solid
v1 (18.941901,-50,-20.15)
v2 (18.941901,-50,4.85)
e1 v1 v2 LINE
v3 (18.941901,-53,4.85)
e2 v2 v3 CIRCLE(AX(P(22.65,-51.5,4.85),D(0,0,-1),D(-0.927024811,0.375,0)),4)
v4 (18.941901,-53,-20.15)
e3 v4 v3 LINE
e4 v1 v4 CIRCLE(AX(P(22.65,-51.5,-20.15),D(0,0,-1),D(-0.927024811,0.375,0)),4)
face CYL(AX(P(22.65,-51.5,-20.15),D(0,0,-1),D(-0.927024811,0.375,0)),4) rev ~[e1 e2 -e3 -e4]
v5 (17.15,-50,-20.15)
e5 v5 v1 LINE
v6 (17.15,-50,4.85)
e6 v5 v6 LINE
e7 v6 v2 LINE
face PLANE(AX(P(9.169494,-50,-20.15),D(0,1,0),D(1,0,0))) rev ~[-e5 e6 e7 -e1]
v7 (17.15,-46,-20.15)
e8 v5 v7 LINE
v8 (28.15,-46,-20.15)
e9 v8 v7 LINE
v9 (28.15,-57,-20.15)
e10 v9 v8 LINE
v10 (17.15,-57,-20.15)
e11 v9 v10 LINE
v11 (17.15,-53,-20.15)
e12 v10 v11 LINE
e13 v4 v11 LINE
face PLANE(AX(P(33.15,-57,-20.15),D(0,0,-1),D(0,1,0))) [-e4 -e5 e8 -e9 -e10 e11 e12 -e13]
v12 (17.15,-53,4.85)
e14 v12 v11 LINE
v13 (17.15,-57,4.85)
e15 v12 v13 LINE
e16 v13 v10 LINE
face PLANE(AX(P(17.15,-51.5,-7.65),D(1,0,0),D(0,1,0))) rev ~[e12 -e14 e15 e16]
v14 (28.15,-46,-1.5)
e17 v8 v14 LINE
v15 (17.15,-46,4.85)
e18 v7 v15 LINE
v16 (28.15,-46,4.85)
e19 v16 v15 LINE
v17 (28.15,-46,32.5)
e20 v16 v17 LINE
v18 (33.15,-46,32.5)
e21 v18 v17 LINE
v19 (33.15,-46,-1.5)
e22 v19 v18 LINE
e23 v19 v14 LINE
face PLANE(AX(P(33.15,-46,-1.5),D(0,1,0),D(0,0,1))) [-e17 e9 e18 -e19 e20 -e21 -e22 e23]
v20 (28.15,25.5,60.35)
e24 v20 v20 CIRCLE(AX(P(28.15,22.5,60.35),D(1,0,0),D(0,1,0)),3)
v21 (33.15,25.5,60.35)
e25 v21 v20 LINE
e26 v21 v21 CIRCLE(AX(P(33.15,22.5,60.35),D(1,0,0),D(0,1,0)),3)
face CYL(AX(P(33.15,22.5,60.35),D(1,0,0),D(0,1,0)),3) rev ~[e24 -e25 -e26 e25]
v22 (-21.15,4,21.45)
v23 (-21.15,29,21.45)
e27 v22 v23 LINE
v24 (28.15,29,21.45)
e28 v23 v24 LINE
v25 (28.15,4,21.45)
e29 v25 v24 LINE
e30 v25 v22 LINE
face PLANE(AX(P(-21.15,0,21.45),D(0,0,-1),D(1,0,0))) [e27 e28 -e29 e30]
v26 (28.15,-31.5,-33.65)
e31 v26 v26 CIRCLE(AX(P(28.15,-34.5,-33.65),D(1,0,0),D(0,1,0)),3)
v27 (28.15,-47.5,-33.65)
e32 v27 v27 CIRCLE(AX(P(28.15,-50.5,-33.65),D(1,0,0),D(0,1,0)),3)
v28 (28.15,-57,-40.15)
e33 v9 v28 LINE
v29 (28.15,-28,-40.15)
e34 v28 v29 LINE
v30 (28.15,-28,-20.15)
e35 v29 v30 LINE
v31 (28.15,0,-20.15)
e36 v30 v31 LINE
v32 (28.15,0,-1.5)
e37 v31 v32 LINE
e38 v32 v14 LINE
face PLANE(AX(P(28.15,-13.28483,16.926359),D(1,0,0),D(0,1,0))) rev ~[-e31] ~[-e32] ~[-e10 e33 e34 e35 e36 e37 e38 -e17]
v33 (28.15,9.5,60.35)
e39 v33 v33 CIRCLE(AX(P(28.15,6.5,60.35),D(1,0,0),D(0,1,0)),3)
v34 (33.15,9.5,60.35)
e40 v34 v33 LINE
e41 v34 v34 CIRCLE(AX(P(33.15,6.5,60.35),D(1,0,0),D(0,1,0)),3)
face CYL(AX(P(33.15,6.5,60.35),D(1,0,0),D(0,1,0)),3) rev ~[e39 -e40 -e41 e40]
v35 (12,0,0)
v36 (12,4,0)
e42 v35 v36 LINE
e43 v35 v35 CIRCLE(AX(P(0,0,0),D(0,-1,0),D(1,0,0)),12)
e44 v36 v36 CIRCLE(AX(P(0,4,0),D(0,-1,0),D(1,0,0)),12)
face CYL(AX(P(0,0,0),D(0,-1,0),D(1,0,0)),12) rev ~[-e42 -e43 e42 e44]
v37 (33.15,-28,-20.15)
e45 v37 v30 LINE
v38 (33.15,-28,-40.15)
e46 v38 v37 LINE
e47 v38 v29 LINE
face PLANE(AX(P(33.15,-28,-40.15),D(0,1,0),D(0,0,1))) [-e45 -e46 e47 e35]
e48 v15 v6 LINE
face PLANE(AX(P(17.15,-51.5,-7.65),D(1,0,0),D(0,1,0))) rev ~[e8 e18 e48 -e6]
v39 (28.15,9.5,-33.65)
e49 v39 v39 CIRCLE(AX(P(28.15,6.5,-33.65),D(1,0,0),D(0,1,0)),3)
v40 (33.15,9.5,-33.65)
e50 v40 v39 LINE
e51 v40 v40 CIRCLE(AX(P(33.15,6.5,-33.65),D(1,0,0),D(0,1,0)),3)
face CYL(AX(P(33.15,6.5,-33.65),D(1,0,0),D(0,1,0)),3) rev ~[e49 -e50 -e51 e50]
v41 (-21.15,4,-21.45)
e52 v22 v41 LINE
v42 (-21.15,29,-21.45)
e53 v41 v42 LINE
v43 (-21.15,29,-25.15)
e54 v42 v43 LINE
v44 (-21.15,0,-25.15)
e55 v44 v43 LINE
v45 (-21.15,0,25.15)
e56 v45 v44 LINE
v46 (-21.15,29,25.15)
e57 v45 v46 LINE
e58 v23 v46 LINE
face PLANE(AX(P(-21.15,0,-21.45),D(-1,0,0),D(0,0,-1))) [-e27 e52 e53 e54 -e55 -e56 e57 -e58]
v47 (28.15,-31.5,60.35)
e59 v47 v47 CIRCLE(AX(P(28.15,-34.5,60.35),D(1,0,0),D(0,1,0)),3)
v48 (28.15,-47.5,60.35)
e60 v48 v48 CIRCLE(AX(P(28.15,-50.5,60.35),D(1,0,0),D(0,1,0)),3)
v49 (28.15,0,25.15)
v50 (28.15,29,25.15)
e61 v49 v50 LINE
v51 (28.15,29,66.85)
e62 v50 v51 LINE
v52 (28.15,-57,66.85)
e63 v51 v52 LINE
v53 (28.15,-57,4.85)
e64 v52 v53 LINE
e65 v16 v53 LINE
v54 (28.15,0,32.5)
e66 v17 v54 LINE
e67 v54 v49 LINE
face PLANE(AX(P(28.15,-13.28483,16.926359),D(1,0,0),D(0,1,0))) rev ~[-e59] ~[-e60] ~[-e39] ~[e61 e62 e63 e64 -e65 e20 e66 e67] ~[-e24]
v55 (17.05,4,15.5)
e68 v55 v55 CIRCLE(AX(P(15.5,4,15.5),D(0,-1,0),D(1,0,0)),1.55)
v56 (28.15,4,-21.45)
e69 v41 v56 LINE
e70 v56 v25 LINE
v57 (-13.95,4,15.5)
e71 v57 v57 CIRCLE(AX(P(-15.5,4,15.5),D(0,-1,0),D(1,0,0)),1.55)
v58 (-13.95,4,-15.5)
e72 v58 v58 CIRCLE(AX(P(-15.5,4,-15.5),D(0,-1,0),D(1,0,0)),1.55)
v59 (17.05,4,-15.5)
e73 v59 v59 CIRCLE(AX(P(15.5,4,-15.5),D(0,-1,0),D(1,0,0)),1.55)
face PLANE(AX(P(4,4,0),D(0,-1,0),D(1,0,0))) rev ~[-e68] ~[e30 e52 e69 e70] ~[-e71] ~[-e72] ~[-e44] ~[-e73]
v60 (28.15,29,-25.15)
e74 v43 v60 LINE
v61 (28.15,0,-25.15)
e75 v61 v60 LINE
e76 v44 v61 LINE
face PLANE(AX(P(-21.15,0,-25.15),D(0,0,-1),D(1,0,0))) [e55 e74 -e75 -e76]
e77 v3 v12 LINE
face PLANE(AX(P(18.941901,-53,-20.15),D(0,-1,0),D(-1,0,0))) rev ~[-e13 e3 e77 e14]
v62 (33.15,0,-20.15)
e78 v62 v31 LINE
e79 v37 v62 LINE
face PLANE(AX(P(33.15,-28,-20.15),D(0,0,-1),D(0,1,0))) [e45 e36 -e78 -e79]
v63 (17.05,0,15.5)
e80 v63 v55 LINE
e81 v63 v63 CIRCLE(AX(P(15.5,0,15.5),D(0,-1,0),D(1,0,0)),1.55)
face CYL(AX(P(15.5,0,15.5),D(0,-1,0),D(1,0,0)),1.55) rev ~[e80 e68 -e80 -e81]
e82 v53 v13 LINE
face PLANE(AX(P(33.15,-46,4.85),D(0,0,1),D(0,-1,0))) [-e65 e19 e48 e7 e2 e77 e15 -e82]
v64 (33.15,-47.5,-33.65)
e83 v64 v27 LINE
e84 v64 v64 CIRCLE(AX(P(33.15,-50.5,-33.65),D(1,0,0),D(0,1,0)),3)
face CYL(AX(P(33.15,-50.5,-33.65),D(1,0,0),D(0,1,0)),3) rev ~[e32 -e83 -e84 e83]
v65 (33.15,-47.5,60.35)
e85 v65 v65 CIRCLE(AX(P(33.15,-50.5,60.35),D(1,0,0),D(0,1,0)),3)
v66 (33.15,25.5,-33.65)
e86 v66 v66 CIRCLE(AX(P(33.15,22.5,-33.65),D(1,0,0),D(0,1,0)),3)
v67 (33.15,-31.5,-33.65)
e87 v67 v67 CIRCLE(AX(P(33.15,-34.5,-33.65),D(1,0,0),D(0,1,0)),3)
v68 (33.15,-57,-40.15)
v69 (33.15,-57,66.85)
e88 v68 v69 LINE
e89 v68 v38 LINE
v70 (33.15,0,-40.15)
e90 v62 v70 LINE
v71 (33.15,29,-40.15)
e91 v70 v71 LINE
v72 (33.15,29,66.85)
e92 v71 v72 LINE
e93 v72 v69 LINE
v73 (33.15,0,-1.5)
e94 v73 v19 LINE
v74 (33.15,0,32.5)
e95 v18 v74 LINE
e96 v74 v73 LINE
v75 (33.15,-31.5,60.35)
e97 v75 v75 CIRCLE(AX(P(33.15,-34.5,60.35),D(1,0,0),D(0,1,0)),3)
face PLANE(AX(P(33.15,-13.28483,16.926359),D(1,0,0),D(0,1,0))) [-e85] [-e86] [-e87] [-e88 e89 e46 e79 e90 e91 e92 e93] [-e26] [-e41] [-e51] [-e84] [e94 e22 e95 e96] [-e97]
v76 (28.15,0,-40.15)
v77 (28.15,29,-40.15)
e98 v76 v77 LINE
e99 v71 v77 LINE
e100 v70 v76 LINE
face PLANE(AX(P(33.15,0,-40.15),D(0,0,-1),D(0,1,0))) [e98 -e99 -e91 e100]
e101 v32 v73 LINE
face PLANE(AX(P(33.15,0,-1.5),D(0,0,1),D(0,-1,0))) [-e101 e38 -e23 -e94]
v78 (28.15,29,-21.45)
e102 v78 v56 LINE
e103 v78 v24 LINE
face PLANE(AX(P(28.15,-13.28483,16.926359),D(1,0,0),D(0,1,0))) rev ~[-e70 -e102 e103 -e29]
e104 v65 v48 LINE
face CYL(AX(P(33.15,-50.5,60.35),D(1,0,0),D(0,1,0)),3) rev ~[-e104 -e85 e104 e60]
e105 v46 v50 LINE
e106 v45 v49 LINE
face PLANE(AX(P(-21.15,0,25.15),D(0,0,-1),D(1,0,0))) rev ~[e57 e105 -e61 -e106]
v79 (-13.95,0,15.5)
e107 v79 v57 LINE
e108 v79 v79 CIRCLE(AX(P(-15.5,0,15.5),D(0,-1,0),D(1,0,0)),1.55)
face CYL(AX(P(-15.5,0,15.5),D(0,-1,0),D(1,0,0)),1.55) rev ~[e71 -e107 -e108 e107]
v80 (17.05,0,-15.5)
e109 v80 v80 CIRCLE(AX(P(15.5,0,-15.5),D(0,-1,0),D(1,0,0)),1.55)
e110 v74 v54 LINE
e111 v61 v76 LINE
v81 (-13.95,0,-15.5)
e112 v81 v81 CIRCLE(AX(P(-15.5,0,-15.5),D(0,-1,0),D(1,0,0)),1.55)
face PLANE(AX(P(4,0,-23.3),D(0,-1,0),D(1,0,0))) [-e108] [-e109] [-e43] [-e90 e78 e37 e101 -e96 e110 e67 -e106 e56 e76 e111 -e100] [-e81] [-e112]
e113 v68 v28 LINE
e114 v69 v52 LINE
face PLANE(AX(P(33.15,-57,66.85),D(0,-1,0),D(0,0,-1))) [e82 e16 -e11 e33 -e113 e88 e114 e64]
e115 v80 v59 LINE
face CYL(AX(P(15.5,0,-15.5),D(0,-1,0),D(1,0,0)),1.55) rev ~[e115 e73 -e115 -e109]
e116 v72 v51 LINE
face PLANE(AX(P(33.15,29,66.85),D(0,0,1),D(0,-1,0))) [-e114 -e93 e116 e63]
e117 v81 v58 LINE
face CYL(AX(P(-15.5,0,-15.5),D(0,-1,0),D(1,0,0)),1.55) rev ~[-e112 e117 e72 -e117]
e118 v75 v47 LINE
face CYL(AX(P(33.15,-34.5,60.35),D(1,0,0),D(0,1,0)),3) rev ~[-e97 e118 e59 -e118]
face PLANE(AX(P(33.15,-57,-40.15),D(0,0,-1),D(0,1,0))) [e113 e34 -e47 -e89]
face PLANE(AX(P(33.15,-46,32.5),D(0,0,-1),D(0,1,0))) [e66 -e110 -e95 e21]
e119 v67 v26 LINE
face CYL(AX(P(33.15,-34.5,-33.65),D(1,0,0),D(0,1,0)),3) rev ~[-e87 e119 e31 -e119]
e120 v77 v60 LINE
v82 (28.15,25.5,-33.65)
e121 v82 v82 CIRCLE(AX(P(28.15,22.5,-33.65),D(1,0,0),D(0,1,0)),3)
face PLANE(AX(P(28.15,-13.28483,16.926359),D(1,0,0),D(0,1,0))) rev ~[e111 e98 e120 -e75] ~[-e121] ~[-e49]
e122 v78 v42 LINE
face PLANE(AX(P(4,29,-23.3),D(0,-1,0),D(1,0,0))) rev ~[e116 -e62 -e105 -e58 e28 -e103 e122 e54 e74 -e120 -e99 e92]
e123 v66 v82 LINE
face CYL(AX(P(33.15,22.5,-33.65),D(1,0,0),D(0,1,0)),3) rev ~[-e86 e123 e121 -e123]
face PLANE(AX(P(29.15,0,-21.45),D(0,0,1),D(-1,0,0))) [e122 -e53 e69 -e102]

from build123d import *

# Parameters (mm, degrees)
F2_R      = 1.55
F2_R_2    = 12
F4_DEPTH  = 4
F3_R      = 3
F5_DEPTH  = 5
F6_DEPTH  = 16
F2_W      = 50.3
F2_H      = 3.7
F8_DEPTH  = 29
F10_DEPTH = 25


with BuildPart() as f4:
    # F2 (on Front) → F4 (new body)
    with BuildSketch(Plane.XZ):
        Polygon((29.15, -21.45), (29.15, 21.45), (-21.15, 21.45), (-21.15, 21.15), (-21.15, -21.45), (21.45, -21.45), align=None)
        with Locations((-15.5, -15.5)):
            Circle(F2_R, mode=Mode.SUBTRACT)
        Circle(F2_R_2, mode=Mode.SUBTRACT)
        with Locations((15.5, -15.5)):
            Circle(F2_R, mode=Mode.SUBTRACT)
        with Locations((-15.5, 15.5)):
            Circle(F2_R, mode=Mode.SUBTRACT)
        with Locations((15.5, 15.5)):
            Circle(F2_R, mode=Mode.SUBTRACT)
    extrude(amount=-F4_DEPTH)



with BuildPart() as f5:
    # F3 (on Right) → F5 (new body)
    with BuildSketch(Plane.YZ):
        Polygon((29, 66.85), (0, 66.85), (-57, 66.85), (-57, 40.85), (-57, 4.85), (-46, 4.85), (-46, 32.5), (0, 32.5), (0, 0), (0, -1.5), (-46, -1.5), (-46, -20.15), (-28, -20.15), (0, -20.15), (0, -40.15), (29, -40.15), align=None)
        with Locations((6.5, -33.65)):
            Circle(F3_R, mode=Mode.SUBTRACT)
        with Locations((22.5, -33.65)):
            Circle(F3_R, mode=Mode.SUBTRACT)
        with Locations((-50.5, 60.35)):
            Circle(F3_R, mode=Mode.SUBTRACT)
        with Locations((-34.5, 60.35)):
            Circle(F3_R, mode=Mode.SUBTRACT)
        with Locations((6.5, 60.35)):
            Circle(F3_R, mode=Mode.SUBTRACT)
        with Locations((22.5, 60.35)):
            Circle(F3_R, mode=Mode.SUBTRACT)
        Polygon((-46, 4.85), (-57, 4.85), (-57, -20.15), (-46, -20.15), (-46, -1.5), align=None)
        Polygon((-46, -20.15), (-57, -20.15), (-57, -40.15), (-28, -40.15), (-28, -20.15), align=None)
        with Locations((-50.5, -33.65)):
            Circle(F3_R, mode=Mode.SUBTRACT)
        with Locations((-34.5, -33.65)):
            Circle(F3_R, mode=Mode.SUBTRACT)
    extrude(amount=-F5_DEPTH)

    # F3 (on Right) → F6 (join)
    with BuildSketch(Plane.YZ):
        Polygon((-46, 4.85), (-57, 4.85), (-57, -20.15), (-46, -20.15), (-46, -1.5), align=None)
    extrude(amount=-F6_DEPTH)


with BuildPart() as f5_1:
    # F7: moved
    add(f5.part.moved(Location((33.15, 0, 0))))


with BuildPart() as f4_1:
    add(f4.part)

    add(f5_1.part)  # F8 merges F5
    # F2 (on Front) → F8 (join, through all)
    with BuildSketch(Plane.XZ):
        Polygon((-21.15, -25.15), (29.15, -25.15), (29.15, -21.45), (21.45, -21.45), (-21.15, -21.45), align=None)
        with Locations((4, 23.3)):
            Rectangle(F2_W, F2_H)
    extrude(amount=-F8_DEPTH)

    # F9 (on face) → F10 (cut, through all)
    with BuildSketch(Plane(origin=(0, 0, -20.15), x_dir=(1, 0, 0), z_dir=(0, 0, -1))):
        with BuildLine():
            Line((9.1694937954, 50), (18.9419007565, 50))
            ThreePointArc((18.9419007565, 50), (26.65, 51.5), (18.9419007565, 53))
            Line((18.9419007565, 53), (9.1694937954, 53))
            Line((9.1694937954, 53), (9.1694937954, 50))
        make_face()
    extrude(amount=-F10_DEPTH, mode=Mode.SUBTRACT)


solid = f4_1.part
